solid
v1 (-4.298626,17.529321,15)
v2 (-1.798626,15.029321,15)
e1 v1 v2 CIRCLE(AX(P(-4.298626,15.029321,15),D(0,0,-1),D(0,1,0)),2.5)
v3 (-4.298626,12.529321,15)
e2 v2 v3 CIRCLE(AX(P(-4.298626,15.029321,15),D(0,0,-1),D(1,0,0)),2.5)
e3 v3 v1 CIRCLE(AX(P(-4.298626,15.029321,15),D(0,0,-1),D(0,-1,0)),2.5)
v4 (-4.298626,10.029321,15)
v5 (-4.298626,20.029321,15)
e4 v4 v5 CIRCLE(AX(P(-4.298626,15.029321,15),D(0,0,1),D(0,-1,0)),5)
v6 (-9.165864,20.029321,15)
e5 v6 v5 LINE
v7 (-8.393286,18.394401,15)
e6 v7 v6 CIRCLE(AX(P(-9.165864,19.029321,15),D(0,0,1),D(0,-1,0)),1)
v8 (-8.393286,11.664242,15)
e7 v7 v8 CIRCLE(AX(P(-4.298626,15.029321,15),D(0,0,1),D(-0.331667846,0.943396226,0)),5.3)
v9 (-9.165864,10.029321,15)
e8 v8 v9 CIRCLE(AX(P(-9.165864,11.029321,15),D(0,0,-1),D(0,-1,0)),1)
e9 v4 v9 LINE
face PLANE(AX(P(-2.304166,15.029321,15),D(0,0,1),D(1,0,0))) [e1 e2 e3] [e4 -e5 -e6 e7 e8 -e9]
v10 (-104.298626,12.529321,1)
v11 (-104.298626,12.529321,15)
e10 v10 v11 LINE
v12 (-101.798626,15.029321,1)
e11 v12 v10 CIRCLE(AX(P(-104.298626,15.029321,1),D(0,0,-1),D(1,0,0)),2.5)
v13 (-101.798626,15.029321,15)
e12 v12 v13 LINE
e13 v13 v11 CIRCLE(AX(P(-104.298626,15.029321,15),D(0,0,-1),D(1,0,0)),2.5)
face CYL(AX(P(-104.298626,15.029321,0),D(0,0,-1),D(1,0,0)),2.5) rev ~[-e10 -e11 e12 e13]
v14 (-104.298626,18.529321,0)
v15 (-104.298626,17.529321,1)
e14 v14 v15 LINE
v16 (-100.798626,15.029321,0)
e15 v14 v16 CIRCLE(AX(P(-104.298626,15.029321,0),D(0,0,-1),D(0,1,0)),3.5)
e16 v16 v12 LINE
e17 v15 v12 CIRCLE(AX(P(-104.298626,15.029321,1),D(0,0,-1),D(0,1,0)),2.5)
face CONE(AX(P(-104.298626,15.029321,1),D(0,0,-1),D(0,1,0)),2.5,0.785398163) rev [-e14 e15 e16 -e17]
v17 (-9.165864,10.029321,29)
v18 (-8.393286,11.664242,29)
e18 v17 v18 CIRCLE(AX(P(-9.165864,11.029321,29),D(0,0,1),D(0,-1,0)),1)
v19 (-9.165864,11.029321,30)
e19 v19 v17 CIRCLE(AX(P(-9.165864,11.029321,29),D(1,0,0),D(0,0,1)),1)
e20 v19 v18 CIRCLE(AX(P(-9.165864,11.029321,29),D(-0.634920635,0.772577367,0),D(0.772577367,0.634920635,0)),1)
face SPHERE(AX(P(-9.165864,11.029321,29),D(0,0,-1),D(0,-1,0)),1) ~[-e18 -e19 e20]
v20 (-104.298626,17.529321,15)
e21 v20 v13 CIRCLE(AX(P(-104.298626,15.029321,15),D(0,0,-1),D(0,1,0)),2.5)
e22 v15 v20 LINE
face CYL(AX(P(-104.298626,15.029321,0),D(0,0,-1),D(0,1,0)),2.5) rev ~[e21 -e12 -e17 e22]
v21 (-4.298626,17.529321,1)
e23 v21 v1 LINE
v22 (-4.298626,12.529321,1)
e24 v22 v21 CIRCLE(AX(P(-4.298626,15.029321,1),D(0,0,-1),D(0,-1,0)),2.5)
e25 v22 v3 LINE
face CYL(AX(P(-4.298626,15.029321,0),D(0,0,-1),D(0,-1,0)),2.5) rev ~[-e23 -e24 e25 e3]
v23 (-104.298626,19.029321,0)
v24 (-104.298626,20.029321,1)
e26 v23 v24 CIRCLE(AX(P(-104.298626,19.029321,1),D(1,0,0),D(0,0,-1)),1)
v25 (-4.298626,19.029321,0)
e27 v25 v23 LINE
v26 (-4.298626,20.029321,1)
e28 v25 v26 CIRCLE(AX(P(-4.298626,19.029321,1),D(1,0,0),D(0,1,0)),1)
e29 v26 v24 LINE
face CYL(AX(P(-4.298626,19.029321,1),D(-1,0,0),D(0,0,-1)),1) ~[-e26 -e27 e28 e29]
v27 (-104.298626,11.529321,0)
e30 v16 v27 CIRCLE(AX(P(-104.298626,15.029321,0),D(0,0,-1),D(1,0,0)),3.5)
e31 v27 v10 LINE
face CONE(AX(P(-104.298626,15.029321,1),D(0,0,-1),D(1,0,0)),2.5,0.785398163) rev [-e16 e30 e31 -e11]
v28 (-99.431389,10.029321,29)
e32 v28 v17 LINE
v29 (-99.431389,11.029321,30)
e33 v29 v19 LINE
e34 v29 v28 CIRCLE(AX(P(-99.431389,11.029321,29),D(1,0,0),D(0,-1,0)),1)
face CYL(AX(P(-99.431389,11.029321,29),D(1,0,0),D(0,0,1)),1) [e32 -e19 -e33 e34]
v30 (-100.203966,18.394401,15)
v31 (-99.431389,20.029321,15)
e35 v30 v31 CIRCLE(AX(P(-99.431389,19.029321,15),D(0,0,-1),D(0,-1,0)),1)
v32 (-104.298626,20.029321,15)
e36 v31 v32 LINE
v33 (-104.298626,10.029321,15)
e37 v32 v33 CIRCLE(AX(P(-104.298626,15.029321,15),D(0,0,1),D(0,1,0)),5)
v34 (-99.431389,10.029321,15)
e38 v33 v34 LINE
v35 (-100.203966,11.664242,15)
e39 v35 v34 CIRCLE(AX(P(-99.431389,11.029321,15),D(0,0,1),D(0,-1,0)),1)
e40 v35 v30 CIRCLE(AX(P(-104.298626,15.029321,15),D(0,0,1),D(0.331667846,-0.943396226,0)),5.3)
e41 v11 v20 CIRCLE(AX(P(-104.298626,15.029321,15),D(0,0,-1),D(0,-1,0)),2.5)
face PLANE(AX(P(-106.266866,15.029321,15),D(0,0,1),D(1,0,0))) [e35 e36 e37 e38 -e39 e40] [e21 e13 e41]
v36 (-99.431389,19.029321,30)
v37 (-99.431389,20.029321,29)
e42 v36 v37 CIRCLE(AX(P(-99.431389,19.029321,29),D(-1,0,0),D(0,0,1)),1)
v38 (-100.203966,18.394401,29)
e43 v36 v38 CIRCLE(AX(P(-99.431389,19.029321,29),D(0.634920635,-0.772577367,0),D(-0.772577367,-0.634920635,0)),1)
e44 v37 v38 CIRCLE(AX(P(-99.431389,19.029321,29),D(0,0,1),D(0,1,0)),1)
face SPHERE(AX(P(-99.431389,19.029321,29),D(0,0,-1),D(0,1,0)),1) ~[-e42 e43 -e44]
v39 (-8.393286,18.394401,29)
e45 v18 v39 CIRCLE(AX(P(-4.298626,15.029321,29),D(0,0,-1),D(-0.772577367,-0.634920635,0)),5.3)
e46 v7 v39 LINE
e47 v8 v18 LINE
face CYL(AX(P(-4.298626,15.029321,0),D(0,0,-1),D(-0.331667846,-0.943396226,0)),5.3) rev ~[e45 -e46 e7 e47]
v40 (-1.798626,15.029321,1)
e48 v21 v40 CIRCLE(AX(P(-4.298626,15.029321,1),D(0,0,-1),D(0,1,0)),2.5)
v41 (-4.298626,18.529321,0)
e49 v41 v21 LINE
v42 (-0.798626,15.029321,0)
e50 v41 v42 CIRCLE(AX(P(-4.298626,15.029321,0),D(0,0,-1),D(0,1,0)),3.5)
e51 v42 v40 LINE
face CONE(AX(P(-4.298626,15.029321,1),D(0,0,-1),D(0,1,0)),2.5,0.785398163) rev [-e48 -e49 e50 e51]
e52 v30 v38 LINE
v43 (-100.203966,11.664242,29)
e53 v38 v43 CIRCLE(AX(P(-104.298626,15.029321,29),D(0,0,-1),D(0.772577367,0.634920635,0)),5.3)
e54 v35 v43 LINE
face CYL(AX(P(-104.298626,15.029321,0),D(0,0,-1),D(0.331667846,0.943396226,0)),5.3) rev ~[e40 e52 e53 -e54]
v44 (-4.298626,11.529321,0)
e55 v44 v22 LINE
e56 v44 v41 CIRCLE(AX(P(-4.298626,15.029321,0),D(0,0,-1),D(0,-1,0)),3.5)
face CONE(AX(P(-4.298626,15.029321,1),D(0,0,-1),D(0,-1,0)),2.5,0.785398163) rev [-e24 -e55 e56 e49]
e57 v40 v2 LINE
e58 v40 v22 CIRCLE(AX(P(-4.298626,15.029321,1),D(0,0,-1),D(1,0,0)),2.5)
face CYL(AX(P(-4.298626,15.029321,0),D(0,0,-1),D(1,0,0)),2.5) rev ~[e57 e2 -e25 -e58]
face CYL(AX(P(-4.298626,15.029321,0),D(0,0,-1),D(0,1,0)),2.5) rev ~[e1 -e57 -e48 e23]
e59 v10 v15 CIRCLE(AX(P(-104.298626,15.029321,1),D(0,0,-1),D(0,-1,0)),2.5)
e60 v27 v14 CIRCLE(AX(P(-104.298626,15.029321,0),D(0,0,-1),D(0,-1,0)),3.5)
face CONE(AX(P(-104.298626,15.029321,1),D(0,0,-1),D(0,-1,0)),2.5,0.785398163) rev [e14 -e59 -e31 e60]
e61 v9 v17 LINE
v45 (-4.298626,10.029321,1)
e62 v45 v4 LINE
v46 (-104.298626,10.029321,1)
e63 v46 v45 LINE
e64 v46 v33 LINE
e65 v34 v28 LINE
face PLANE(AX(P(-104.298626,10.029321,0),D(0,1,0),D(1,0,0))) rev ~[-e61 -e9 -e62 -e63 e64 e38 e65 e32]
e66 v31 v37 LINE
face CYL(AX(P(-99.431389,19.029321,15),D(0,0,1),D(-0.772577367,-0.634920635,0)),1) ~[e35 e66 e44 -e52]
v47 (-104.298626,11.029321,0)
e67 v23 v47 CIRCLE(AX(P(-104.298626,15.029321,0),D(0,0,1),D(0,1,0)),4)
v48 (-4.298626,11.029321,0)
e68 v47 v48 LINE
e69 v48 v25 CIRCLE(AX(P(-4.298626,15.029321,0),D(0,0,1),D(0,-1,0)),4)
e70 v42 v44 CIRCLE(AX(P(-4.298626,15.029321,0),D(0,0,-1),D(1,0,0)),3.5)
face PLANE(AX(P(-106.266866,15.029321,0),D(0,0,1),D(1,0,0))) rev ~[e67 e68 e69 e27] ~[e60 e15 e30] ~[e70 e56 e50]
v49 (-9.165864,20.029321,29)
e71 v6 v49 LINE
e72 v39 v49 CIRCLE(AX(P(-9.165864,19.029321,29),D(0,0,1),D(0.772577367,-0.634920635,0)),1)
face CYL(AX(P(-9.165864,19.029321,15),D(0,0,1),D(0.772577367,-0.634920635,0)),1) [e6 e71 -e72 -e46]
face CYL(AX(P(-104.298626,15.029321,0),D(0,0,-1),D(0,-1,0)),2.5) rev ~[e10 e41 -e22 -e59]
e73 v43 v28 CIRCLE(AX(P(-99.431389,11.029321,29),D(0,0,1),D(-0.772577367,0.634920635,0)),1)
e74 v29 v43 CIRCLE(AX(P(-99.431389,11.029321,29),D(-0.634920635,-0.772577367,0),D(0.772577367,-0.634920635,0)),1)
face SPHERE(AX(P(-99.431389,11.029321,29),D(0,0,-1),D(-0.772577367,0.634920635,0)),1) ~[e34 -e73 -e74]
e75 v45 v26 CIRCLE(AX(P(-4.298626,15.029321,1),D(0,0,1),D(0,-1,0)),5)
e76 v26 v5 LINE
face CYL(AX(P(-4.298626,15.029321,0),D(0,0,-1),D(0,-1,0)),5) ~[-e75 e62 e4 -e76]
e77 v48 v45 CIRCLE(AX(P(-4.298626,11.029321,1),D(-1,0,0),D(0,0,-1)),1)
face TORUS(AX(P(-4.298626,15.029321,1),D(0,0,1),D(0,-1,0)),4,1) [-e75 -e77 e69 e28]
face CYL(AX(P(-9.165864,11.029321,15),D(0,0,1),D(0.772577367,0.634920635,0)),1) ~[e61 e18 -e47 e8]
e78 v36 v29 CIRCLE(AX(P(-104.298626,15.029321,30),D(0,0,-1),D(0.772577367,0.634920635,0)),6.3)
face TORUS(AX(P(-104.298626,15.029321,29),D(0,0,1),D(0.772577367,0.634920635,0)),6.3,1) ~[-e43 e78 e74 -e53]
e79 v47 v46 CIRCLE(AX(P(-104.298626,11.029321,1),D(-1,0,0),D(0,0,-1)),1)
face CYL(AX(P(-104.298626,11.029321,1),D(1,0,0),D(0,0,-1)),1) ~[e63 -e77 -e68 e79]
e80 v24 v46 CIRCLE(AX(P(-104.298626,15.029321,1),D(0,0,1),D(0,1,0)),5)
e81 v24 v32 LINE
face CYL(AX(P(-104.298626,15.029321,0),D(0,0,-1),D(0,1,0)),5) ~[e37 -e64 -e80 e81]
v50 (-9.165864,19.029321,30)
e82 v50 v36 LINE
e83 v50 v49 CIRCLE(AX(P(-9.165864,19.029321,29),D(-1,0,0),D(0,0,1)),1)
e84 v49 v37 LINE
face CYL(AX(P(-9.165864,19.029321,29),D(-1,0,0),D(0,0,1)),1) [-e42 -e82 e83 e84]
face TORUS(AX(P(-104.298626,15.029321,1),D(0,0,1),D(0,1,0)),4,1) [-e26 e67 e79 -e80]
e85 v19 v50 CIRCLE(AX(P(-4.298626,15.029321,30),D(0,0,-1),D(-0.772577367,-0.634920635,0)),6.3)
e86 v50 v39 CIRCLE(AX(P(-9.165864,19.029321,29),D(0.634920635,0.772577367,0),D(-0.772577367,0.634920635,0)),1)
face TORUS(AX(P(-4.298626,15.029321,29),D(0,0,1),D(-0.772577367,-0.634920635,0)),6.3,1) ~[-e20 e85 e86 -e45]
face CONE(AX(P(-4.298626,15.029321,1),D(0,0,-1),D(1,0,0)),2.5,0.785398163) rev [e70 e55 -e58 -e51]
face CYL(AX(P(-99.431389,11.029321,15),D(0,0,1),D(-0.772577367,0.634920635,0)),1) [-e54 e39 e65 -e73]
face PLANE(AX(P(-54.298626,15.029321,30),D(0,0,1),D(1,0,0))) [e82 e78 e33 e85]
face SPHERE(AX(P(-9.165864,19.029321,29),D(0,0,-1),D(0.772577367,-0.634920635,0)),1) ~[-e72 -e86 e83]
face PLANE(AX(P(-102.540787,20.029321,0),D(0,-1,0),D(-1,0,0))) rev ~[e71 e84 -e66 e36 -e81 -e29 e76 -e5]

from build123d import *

# Parameters (mm, degrees)
F1_DEPTH = 30
F2_DEPTH = 15
F3_R     = 1
F4_R     = 1
F5_SIZE  = 1


with BuildPart() as f1:
    # F0 (on Top) → F1 (new body)
    with BuildSketch(Plane.XY):
        with BuildLine():
            Line((-6.0564657358, 20.029321317), (-102.5407865696, 20.029321317))
            ThreePointArc((-102.5407865696, 20.029321317), (-98.9986261527, 15.029321317), (-102.5407865696, 10.029321317))
            Line((-102.5407865696, 10.029321317), (-6.0564657358, 10.029321317))
            ThreePointArc((-6.0564657358, 10.029321317), (-9.5986261527, 15.029321317), (-6.0564657358, 20.029321317))
        make_face()
    extrude(amount=F1_DEPTH)

    # F0 (on Top) → F2 (join)
    with BuildSketch(Plane.XY):
        with BuildLine():
            Line((-104.2986261527, 17.529321317), (-104.2986261527, 20.029321317))
            ThreePointArc((-104.2986261527, 20.029321317), (-109.2986261527, 15.029321317), (-104.2986261527, 10.029321317))
            Line((-104.2986261527, 10.029321317), (-104.2986261527, 12.529321317))
            ThreePointArc((-104.2986261527, 12.529321317), (-106.7986261527, 15.029321317), (-104.2986261527, 17.529321317))
        make_face()
        with BuildLine():
            Line((-102.5407865696, 20.029321317), (-104.2986261527, 20.029321317))
            Line((-104.2986261527, 20.029321317), (-104.2986261527, 17.529321317))
            ThreePointArc((-104.2986261527, 17.529321317), (-102.5308591998, 16.7970882699), (-101.7986261527, 15.029321317))
            ThreePointArc((-101.7986261527, 15.029321317), (-102.5308591998, 13.261554364), (-104.2986261527, 12.529321317))
            Line((-104.2986261527, 12.529321317), (-104.2986261527, 10.029321317))
            Line((-104.2986261527, 10.029321317), (-102.5407865696, 10.029321317))
            ThreePointArc((-102.5407865696, 10.029321317), (-98.9986261527, 15.029321317), (-102.5407865696, 20.029321317))
        make_face()
        with BuildLine():
            ThreePointArc((-4.2986261527, 10.029321317), (0.7013738473, 15.029321317), (-4.2986261527, 20.029321317))
            Line((-4.2986261527, 20.029321317), (-4.2986261527, 17.529321317))
            ThreePointArc((-4.2986261527, 17.529321317), (-2.5308591998, 16.7970882699), (-1.7986261527, 15.029321317))
            ThreePointArc((-1.7986261527, 15.029321317), (-2.5308591998, 13.261554364), (-4.2986261527, 12.529321317))
            Line((-4.2986261527, 12.529321317), (-4.2986261527, 10.029321317))
        make_face()
        with BuildLine():
            Line((-4.2986261527, 20.029321317), (-6.0564657358, 20.029321317))
            ThreePointArc((-6.0564657358, 20.029321317), (-9.5986261527, 15.029321317), (-6.0564657358, 10.029321317))
            Line((-6.0564657358, 10.029321317), (-4.2986261527, 10.029321317))
            Line((-4.2986261527, 10.029321317), (-4.2986261527, 12.529321317))
            ThreePointArc((-4.2986261527, 12.529321317), (-6.7986261527, 15.029321317), (-4.2986261527, 17.529321317))
            Line((-4.2986261527, 17.529321317), (-4.2986261527, 20.029321317))
        make_face()
    extrude(amount=F2_DEPTH)

    # F3
    f3_edges = [f1.edges().sort_by_distance(p)[0] for p in [
        (-102.540787, 20.029321, 22.5),
        (-102.540787, 10.029321, 22.5),
        (-6.056466, 20.029321, 22.5),
        (-6.056466, 10.029321, 22.5),
    ]]
    fillet(f3_edges, radius=F3_R)

    # F4
    f4_edges = [f1.edges().sort_by_distance(p)[0] for p in [
        (-54.298626, 20.029321, 30),
        (-54.298626, 10.029321, 0),
    ]]
    fillet(f4_edges, radius=F4_R)

    # F5
    f5_edges = [f1.edges().sort_by_distance(p)[0] for p in [
        (-104.298626, 12.529321, 0),
        (-4.298626, 17.529321, 0),
    ]]
    chamfer(f5_edges, length=F5_SIZE)


solid = f1.part
